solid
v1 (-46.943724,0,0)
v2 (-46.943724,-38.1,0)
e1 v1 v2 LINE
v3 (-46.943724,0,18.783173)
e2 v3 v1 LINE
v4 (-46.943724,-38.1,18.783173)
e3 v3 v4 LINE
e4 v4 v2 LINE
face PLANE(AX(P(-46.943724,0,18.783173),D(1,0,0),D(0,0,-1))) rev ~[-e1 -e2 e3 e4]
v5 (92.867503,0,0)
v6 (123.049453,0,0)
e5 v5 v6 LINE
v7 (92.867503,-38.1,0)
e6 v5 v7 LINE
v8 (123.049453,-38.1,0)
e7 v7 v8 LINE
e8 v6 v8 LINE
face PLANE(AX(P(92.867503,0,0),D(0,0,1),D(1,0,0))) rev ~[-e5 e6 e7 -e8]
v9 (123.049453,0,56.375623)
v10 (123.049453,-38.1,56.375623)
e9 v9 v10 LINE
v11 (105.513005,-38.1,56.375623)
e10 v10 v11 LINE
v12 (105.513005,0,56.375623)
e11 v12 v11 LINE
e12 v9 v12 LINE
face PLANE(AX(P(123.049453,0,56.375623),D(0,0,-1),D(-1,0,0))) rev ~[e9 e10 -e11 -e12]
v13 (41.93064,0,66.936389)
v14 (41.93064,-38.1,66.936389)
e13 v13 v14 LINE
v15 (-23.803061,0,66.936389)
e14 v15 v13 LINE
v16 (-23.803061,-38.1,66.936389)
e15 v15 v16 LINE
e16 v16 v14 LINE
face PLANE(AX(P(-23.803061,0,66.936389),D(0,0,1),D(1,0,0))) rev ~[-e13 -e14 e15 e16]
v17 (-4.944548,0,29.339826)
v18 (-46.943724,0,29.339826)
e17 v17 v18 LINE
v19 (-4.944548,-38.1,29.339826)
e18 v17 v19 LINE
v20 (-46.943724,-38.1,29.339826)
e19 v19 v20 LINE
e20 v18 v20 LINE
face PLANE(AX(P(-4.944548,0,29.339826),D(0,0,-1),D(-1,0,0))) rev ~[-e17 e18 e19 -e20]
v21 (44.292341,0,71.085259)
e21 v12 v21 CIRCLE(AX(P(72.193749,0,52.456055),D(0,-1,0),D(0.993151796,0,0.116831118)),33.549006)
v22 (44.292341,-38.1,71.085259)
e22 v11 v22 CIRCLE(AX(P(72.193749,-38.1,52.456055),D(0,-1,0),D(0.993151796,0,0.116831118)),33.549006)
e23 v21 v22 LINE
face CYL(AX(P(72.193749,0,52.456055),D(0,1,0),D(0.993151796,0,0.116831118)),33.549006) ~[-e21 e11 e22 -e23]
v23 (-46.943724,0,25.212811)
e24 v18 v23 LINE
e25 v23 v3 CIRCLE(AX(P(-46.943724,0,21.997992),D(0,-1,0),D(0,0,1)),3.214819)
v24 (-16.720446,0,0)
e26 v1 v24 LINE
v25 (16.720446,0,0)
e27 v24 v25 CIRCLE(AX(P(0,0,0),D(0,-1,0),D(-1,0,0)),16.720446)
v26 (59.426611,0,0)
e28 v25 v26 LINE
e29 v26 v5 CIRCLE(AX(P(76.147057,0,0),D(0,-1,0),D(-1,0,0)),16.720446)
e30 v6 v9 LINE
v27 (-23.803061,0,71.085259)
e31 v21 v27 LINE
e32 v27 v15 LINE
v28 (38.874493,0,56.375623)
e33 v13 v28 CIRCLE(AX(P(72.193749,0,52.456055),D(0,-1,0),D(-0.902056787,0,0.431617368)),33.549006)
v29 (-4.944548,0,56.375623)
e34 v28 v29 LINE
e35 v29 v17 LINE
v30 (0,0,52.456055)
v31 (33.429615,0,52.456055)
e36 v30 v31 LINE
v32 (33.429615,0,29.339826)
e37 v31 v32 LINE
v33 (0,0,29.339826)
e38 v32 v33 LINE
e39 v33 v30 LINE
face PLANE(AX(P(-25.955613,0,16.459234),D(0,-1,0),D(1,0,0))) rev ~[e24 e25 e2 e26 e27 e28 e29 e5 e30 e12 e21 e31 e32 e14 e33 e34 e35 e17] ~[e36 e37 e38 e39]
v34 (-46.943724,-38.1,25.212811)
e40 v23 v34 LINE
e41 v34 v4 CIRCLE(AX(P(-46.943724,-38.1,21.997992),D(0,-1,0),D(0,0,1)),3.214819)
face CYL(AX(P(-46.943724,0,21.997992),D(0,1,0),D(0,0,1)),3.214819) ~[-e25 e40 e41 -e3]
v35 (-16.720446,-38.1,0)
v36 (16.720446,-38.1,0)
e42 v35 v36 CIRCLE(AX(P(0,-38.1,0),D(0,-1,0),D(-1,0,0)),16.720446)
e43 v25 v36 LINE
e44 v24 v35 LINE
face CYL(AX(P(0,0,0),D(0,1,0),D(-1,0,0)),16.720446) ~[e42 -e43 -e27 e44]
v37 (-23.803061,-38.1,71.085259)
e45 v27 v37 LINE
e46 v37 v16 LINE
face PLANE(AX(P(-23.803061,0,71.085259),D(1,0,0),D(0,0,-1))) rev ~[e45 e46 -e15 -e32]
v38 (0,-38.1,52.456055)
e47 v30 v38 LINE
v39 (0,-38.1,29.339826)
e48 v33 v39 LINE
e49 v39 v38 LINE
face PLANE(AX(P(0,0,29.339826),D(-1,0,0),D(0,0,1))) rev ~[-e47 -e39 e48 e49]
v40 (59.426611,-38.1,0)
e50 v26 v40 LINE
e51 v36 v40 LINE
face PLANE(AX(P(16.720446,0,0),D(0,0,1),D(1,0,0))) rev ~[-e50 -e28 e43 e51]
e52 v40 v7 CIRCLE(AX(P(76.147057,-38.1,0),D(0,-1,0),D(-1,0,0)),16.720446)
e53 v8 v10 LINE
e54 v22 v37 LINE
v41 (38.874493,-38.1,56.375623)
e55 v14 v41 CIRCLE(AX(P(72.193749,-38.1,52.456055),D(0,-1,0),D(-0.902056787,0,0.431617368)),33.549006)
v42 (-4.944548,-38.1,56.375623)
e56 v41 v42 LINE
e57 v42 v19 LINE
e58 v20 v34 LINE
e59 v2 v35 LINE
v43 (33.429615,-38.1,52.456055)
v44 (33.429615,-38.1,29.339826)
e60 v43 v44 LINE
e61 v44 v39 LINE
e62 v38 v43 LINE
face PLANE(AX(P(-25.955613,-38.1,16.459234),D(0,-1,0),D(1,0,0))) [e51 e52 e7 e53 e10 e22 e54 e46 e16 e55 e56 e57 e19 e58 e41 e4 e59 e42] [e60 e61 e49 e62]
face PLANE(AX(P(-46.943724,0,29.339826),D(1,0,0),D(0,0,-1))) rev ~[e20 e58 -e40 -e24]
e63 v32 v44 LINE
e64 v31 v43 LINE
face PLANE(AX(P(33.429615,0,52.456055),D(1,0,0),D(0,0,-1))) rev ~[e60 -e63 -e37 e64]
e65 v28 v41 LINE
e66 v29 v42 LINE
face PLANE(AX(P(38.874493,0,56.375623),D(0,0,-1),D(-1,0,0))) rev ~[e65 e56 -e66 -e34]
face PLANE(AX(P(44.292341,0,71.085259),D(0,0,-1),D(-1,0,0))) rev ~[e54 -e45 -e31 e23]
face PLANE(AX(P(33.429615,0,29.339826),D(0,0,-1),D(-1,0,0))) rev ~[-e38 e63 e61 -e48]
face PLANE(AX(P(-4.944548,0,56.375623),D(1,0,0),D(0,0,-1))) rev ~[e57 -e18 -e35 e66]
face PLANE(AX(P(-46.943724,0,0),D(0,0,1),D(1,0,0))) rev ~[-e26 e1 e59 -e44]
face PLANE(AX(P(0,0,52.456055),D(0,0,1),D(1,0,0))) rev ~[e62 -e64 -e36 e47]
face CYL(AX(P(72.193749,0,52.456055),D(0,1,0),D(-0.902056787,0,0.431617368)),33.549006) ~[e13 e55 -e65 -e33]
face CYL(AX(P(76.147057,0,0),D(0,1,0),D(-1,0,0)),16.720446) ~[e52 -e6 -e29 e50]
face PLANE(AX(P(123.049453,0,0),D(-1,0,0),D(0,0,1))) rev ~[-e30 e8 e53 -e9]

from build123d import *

# Parameters (mm, degrees)
F0_W     = 33.4296151996
F0_H     = 3.9195679128
F1_DEPTH = 38.1


with BuildPart() as f1:
    # F0 (on Front) → F1 (new body)
    with BuildSketch(Plane.XZ):
        with BuildLine():
            Line((-46.9437241554, 0), (-16.7204460188, 0))
            ThreePointArc((-16.7204460188, 0), (-11.8231407644, 11.8231407644), (0, 16.7204460188))
            Line((0, 16.7204460188), (0, 29.3398257345))
            Line((0, 29.3398257345), (-4.9445480108, 29.3398257345))
            Line((-4.9445480108, 29.3398257345), (-46.9437241554, 29.3398257345))
            Line((-46.9437241554, 29.3398257345), (-46.9437241554, 25.2128107528))
            ThreePointArc((-46.9437241554, 25.2128107528), (-44.6705039792, 24.2712121255), (-43.728905352, 21.9979919493))
            ThreePointArc((-43.728905352, 21.9979919493), (-44.6705039792, 19.7247717731), (-46.9437241554, 18.7831731459))
            Line((-46.9437241554, 18.7831731459), (-46.9437241554, 0))
        make_face()
        with BuildLine():
            Line((0, 29.3398257345), (0, 16.7204460188))
            ThreePointArc((0, 16.7204460188), (11.8231407644, 11.8231407644), (16.7204460188, 0))
            Line((16.7204460188, 0), (59.4266110972, 0))
            ThreePointArc((59.4266110972, 0), (76.147057116, 16.7204460188), (92.8675031348, 0))
            Line((92.8675031348, 0), (123.0494529009, 0))
            Line((123.0494529009, 0), (123.0494529009, 52.4560548365))
            Line((123.0494529009, 52.4560548365), (105.7427554758, 52.4560548365))
            ThreePointArc((105.7427554758, 52.4560548365), (72.193749249, 18.9070486097), (38.6447430221, 52.4560548365))
            Line((38.6447430221, 52.4560548365), (33.4296151996, 52.4560548365))
            Line((33.4296151996, 52.4560548365), (33.4296151996, 29.3398257345))
            Line((33.4296151996, 29.3398257345), (0, 29.3398257345))
        make_face()
        with BuildLine():
            ThreePointArc((41.9306404767, 66.9363886118), (39.967025639, 61.7820456244), (38.8744934622, 56.3756227493))
            Line((38.8744934622, 56.3756227493), (105.5130050358, 56.3756227493))
            ThreePointArc((105.5130050358, 56.3756227493), (80.031581928, 85.0766648508), (44.2923414138, 71.0852593184))
            Line((44.2923414138, 71.0852593184), (50.4994764924, 71.0852593184))
            Line((50.4994764924, 71.0852593184), (50.4994764924, 66.9363886118))
            Line((50.4994764924, 66.9363886118), (41.9306404767, 66.9363886118))
        make_face()
        with BuildLine():
            ThreePointArc((38.8744934622, 56.3756227493), (38.7022298846, 54.4192026842), (38.6447430221, 52.4560548365))
            Line((38.6447430221, 52.4560548365), (105.7427554758, 52.4560548365))
            ThreePointArc((105.7427554758, 52.4560548365), (105.6852686134, 54.4192026842), (105.5130050358, 56.3756227493))
            Line((105.5130050358, 56.3756227493), (38.8744934622, 56.3756227493))
        make_face()
        with BuildLine():
            Line((105.7427554758, 52.4560548365), (38.6447430221, 52.4560548365))
            ThreePointArc((38.6447430221, 52.4560548365), (72.193749249, 18.9070486097), (105.7427554758, 52.4560548365))
        make_face()
        with BuildLine():
            Line((105.7427554758, 52.4560548365), (123.0494529009, 52.4560548365))
            Line((123.0494529009, 52.4560548365), (123.0494529009, 56.3756227493))
            Line((123.0494529009, 56.3756227493), (105.5130050358, 56.3756227493))
            ThreePointArc((105.5130050358, 56.3756227493), (105.6852686134, 54.4192026842), (105.7427554758, 52.4560548365))
        make_face()
        with BuildLine():
            Line((33.4296151996, 56.3756227493), (33.4296151996, 52.4560548365))
            Line((33.4296151996, 52.4560548365), (38.6447430221, 52.4560548365))
            ThreePointArc((38.6447430221, 52.4560548365), (38.7022298846, 54.4192026842), (38.8744934622, 56.3756227493))
            Line((38.8744934622, 56.3756227493), (33.4296151996, 56.3756227493))
        make_face()
        with BuildLine():
            ThreePointArc((44.2923414138, 71.0852593184), (43.0376001535, 69.0528855198), (41.9306404767, 66.9363886118))
            Line((41.9306404767, 66.9363886118), (50.4994764924, 66.9363886118))
            Line((50.4994764924, 66.9363886118), (50.4994764924, 71.0852593184))
            Line((50.4994764924, 71.0852593184), (44.2923414138, 71.0852593184))
        make_face()
        with Locations((16.7148075998, 54.4158387929)):
            Rectangle(F0_W, F0_H)
        Polygon((-4.9445480108, 29.3398257345), (0, 29.3398257345), (0, 52.4560548365), (0, 56.3756227493), (-4.9445480108, 56.3756227493), align=None)
        with BuildLine():
            Line((-23.8030608743, 66.9363886118), (41.9306404767, 66.9363886118))
            ThreePointArc((41.9306404767, 66.9363886118), (43.0376001535, 69.0528855198), (44.2923414138, 71.0852593184))
            Line((44.2923414138, 71.0852593184), (-23.8030608743, 71.0852593184))
            Line((-23.8030608743, 71.0852593184), (-23.8030608743, 66.9363886118))
        make_face()
        with BuildLine():
            Line((-16.7204460188, 0), (0, 0))
            Line((0, 0), (0, 16.7204460188))
            ThreePointArc((0, 16.7204460188), (-11.8231407644, 11.8231407644), (-16.7204460188, 0))
        make_face()
        with BuildLine():
            Line((0, 16.7204460188), (0, 0))
            Line((0, 0), (16.7204460188, 0))
            ThreePointArc((16.7204460188, 0), (11.8231407644, 11.8231407644), (0, 16.7204460188))
        make_face()
        with BuildLine():
            Line((16.7204460188, 0), (0, 0))
            Line((0, 0), (-16.7204460188, 0))
            ThreePointArc((-16.7204460188, 0), (0, -16.7204460188), (16.7204460188, 0))
        make_face()
        with BuildLine():
            ThreePointArc((92.8675031348, 0), (76.147057116, 16.7204460188), (59.4266110972, 0))
            Line((59.4266110972, 0), (92.8675031348, 0))
        make_face()
        with BuildLine():
            Line((92.8675031348, 0), (59.4266110972, 0))
            ThreePointArc((59.4266110972, 0), (76.147057116, -16.7204460188), (92.8675031348, 0))
        make_face()
        with BuildLine():
            ThreePointArc((-46.9437241554, 25.2128107528), (-50.1585429589, 21.9979919493), (-46.9437241554, 18.7831731459))
            Line((-46.9437241554, 18.7831731459), (-46.9437241554, 25.2128107528))
        make_face()
        with BuildLine():
            Line((-46.9437241554, 25.2128107528), (-46.9437241554, 18.7831731459))
            ThreePointArc((-46.9437241554, 18.7831731459), (-44.6705039792, 19.7247717731), (-43.728905352, 21.9979919493))
            ThreePointArc((-43.728905352, 21.9979919493), (-44.6705039792, 24.2712121255), (-46.9437241554, 25.2128107528))
        make_face()
    extrude(amount=F1_DEPTH)


solid = f1.part
